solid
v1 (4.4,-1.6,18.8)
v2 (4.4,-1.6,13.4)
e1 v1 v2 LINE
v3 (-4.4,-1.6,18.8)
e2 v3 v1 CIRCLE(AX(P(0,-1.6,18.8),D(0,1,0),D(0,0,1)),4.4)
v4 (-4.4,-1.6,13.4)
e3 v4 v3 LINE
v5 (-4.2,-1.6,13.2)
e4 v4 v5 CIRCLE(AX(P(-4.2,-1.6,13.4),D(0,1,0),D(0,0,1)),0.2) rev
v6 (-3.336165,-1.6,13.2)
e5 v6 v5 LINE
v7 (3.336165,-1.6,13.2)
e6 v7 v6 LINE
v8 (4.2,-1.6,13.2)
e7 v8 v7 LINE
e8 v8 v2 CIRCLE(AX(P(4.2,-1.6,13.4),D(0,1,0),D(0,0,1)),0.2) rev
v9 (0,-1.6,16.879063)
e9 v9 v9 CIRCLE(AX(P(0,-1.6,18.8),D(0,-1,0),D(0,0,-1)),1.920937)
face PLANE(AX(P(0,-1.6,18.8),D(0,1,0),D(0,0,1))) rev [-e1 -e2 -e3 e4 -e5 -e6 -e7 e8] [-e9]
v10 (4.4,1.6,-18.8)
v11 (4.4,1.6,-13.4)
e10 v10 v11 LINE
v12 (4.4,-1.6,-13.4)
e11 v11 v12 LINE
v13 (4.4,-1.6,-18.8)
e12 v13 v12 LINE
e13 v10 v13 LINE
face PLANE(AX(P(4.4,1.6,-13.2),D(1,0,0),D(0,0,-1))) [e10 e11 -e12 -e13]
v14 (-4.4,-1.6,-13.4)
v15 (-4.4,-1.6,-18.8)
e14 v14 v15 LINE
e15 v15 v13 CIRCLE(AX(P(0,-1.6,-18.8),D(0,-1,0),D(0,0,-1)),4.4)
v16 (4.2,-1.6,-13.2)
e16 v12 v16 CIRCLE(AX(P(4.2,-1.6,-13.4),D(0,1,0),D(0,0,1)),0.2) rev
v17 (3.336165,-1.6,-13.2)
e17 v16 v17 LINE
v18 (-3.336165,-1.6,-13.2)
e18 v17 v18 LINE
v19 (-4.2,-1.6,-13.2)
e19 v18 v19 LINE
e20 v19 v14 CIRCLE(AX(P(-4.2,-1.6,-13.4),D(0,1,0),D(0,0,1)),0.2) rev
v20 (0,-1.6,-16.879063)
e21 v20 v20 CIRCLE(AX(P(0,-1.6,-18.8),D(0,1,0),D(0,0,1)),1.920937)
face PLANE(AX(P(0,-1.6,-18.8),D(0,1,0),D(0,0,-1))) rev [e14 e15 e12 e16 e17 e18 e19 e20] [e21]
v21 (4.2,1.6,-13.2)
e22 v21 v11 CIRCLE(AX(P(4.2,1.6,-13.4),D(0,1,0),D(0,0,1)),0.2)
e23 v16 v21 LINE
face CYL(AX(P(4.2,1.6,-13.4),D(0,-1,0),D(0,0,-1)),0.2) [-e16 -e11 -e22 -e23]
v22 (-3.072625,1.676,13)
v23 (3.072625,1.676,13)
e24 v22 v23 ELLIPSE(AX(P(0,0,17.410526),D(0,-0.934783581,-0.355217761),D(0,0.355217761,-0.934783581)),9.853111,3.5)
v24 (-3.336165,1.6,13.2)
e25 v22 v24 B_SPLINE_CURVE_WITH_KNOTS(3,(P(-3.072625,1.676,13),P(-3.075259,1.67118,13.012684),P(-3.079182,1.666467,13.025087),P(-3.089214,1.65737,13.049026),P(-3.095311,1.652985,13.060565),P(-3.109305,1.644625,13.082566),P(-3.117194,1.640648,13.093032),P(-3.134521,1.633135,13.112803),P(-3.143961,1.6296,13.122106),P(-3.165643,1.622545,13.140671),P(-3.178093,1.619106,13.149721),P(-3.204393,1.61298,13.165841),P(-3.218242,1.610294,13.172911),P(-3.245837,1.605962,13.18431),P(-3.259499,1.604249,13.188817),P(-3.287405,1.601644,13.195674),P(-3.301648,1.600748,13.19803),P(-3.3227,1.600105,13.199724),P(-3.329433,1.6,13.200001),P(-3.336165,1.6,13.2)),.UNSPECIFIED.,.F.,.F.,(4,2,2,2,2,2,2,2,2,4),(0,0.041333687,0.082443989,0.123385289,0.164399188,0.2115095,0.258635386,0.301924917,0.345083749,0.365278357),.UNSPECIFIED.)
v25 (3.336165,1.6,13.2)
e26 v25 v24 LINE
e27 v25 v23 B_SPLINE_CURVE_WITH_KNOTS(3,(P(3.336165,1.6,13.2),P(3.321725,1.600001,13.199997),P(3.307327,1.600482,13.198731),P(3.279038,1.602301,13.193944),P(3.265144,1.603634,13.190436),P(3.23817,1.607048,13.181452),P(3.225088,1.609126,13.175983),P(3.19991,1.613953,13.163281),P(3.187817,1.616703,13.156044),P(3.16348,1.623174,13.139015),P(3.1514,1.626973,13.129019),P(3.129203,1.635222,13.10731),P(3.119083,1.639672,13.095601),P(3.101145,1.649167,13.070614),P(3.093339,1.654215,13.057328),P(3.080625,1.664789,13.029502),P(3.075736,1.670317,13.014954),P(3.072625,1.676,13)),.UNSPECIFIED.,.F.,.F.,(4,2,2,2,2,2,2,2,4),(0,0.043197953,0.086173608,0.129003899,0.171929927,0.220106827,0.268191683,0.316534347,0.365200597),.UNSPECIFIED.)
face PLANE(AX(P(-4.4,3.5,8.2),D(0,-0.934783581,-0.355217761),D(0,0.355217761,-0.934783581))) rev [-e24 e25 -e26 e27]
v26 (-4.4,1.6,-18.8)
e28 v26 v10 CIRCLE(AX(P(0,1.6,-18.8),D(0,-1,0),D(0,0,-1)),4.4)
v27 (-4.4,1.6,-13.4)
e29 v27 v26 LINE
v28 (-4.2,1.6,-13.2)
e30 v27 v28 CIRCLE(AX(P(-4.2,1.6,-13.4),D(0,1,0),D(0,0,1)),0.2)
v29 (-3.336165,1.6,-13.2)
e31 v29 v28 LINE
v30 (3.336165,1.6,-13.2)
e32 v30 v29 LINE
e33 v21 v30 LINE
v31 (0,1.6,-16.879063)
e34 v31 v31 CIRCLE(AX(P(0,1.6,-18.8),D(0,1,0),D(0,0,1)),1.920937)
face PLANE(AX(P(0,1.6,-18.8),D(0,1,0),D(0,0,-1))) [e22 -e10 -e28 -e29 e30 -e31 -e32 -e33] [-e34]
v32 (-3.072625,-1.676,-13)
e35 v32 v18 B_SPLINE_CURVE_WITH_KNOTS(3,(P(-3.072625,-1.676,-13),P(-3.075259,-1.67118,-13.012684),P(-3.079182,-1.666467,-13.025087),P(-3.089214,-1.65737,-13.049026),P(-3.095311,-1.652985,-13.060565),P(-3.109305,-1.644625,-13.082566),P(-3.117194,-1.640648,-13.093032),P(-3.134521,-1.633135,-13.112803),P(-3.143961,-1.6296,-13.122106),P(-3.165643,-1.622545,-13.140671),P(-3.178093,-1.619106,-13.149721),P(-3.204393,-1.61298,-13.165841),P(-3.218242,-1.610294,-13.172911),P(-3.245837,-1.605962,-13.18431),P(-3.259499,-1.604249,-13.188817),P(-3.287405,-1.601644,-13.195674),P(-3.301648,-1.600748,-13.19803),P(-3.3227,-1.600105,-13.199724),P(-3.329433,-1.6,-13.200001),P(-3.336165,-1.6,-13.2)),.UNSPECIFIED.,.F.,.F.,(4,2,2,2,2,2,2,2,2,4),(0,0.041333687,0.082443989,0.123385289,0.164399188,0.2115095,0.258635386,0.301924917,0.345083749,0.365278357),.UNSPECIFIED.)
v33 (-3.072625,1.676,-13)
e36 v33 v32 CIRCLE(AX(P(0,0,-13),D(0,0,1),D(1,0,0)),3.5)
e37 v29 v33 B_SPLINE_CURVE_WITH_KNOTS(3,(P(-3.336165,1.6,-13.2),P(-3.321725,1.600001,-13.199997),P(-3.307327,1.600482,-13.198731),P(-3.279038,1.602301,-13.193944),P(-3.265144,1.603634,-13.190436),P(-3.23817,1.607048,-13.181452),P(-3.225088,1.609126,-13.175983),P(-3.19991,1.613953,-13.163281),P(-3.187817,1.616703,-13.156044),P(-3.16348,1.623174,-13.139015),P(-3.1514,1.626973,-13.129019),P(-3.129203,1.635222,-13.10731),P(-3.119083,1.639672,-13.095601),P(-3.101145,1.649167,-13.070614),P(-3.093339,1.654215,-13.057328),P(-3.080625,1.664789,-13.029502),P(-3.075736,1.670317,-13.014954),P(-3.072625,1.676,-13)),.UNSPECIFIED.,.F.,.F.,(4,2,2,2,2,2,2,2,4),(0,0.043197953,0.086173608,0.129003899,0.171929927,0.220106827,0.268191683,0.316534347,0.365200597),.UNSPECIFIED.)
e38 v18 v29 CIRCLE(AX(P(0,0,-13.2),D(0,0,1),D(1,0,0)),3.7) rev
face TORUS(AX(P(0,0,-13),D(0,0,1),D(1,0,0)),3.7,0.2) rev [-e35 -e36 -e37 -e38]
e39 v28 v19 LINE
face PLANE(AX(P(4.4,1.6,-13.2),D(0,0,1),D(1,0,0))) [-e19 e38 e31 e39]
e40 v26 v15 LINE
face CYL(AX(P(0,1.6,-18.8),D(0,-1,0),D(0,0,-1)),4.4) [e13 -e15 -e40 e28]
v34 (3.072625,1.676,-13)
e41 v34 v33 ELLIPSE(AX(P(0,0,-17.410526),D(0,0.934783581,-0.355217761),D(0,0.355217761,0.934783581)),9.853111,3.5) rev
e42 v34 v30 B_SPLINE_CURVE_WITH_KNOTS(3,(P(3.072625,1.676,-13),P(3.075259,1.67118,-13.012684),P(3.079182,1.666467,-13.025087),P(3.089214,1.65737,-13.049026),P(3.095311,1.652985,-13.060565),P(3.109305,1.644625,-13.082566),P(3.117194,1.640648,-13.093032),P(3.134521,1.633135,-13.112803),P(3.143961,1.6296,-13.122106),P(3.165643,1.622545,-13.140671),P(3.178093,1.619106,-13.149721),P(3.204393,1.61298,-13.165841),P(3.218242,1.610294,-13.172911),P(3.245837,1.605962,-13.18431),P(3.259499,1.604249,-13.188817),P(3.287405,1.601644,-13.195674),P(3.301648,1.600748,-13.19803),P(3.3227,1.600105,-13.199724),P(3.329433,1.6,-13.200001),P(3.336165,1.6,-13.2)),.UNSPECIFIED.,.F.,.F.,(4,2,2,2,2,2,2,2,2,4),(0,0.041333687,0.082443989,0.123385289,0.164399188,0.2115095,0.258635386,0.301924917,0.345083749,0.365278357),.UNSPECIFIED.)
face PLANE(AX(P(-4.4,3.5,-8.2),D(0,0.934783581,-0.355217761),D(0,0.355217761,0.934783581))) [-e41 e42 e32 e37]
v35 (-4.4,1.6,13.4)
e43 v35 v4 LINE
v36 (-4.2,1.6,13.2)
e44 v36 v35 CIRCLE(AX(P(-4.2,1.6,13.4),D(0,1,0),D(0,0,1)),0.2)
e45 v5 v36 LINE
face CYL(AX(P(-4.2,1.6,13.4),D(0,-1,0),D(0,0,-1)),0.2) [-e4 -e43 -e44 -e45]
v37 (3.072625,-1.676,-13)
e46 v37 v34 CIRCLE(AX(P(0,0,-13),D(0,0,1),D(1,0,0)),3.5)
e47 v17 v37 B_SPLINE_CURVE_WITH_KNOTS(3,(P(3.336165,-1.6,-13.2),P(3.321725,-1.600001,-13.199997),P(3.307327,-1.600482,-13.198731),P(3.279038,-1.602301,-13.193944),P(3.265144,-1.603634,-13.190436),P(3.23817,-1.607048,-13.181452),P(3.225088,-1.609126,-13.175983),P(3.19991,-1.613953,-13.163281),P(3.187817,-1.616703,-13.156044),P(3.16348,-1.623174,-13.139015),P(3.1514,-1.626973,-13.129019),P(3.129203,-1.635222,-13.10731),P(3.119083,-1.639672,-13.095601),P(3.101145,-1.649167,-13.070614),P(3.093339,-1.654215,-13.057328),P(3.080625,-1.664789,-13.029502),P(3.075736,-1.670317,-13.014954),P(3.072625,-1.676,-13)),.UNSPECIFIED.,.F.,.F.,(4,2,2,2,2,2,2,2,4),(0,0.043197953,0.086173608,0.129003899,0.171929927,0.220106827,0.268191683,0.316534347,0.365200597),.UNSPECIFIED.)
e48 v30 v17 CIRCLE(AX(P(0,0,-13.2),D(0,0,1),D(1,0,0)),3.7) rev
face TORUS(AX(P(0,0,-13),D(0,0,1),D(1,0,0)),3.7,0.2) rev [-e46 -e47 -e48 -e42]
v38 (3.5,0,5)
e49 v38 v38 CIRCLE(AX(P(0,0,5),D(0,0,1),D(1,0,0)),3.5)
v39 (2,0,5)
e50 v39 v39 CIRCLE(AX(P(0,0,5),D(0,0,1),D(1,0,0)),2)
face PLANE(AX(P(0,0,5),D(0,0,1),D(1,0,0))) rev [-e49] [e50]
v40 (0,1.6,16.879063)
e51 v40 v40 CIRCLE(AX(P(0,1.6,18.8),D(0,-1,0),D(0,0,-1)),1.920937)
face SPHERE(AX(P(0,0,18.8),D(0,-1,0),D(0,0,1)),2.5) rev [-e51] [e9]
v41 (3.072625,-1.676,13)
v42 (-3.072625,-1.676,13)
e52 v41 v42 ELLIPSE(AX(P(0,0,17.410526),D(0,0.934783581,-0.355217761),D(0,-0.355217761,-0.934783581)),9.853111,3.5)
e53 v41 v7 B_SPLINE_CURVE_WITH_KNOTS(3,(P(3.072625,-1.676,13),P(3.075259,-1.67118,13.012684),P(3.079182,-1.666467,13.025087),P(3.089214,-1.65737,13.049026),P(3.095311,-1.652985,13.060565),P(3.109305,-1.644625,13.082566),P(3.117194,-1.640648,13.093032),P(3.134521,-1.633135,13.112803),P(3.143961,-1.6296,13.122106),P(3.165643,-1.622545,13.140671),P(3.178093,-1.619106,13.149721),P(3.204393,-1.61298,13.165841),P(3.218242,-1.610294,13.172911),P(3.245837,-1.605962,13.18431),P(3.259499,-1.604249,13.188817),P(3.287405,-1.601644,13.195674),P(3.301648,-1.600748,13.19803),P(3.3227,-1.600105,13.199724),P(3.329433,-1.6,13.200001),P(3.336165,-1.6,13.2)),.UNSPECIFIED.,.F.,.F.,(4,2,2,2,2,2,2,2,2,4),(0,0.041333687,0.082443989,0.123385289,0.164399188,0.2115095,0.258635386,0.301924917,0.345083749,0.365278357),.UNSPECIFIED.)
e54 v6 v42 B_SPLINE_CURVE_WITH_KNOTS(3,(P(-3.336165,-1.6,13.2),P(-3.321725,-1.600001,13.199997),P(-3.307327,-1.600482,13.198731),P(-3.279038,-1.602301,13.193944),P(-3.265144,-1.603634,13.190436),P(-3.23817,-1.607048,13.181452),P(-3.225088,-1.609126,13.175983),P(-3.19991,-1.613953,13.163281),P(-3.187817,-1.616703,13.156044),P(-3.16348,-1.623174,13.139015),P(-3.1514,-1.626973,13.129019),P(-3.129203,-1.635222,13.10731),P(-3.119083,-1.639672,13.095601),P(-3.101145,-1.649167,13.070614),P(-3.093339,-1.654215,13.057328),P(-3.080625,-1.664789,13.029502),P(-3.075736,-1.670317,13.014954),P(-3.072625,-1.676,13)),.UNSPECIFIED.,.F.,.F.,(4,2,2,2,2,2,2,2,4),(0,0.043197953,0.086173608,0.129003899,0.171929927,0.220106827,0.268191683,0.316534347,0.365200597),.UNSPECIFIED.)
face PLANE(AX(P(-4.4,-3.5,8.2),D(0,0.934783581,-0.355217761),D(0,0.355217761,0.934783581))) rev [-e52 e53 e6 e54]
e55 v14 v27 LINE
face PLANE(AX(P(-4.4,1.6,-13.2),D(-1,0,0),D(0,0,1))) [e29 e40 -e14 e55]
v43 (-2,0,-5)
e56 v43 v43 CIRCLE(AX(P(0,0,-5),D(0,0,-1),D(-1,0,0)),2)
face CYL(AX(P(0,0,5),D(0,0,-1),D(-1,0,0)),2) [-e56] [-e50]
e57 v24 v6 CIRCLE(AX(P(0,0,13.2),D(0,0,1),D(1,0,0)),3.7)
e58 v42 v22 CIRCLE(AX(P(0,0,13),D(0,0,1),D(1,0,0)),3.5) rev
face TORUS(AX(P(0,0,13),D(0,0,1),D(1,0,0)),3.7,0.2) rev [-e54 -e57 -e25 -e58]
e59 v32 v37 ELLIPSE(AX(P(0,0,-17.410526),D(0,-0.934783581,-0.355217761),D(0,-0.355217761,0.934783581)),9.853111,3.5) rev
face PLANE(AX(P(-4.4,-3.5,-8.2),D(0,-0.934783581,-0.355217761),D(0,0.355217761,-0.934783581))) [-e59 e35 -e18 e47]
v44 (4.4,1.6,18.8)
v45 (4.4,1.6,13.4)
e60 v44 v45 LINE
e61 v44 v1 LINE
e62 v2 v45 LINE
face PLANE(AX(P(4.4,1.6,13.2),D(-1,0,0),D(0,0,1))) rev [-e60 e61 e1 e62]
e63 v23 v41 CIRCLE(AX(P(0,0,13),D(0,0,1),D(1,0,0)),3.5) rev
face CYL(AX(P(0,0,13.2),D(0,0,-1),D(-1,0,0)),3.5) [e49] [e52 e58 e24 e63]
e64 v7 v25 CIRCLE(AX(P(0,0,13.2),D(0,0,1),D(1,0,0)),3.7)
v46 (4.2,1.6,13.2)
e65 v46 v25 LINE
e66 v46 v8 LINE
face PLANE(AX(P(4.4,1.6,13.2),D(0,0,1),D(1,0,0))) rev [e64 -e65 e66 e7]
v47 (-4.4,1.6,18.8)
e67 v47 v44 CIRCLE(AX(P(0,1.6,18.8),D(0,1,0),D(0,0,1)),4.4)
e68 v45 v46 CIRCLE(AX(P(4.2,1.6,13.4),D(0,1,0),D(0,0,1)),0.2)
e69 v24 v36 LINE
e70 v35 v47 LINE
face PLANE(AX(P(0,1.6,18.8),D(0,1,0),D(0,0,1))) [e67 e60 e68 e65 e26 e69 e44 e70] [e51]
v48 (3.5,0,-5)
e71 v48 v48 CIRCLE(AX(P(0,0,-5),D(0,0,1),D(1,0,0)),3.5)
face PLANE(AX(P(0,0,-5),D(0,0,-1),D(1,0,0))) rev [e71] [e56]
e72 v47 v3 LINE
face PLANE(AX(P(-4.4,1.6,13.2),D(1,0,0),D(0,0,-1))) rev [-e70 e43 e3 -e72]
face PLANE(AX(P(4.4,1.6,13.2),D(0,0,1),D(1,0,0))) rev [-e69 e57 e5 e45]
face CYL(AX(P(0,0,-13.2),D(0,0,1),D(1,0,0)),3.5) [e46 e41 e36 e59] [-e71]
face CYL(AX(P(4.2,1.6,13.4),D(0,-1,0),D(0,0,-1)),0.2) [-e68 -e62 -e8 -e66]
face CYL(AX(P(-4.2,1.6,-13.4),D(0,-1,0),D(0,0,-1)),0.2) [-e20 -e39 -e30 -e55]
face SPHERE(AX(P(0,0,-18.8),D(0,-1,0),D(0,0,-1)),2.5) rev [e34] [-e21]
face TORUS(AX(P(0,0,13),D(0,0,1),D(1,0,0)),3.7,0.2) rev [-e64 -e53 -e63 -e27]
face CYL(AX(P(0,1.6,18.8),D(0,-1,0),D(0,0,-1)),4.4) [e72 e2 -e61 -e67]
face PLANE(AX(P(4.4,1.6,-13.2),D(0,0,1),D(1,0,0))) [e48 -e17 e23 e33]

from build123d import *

# Parameters (mm, degrees)
SKETCH1_R                  = 2
SCREW_SECTION_DEPTH        = 5
SKETCH2_R                  = 3.5
BAR_SECTION_DEPTH          = 8.2
MOUNT_SECTION_DEPTH        = 1.6
BAR_TAPER_DEPTH            = 5.4
MOUNT_FILLET_R             = 0.2
MOUNT_FILLET_OF_MIRROR_2_R = 0.2


with BuildPart() as part:
    # Sketch1 → Screw Section (new body)
    with BuildSketch(Plane.XY):
        Circle(SKETCH1_R)
    screw_section = extrude(amount=SCREW_SECTION_DEPTH)

    # Sketch2 → Bar Section (add)
    with BuildSketch(Plane.XY.offset(5)):
        Circle(SKETCH2_R)
    bar_section = extrude(amount=BAR_SECTION_DEPTH)

    # Sketch3 → Mount Section (add, symmetric)
    with BuildSketch(Plane(origin=(0, 0, 0), x_dir=(1, 0, 0), z_dir=(0, 1, 0))):
        with BuildLine():
            Line((4.4, -13.2), (-4.4, -13.2))
            Line((-4.4, -13.2), (-4.4, -18.8))
            ThreePointArc((-4.4, -18.8), (0, -23.2), (4.4, -18.8))
            Line((4.4, -18.8), (4.4, -13.2))
        make_face()
    mount_section = extrude(amount=MOUNT_SECTION_DEPTH, both=True)

    # Sketch4 → Bar Taper (cut, symmetric)
    with BuildSketch(Plane(origin=(0, 0, 0), x_dir=(0, 0, -1), z_dir=(1, 0, 0))):
        Polygon((-8.2, -3.5), (-13.2, -1.6), (-13.2, -3.5), align=None)
        Polygon((-8.2, 3.5), (-13.2, 1.6), (-13.2, 3.5), align=None)
    bar_taper = extrude(amount=BAR_TAPER_DEPTH, both=True, mode=Mode.SUBTRACT)

    # Mount Fillet
    mount_fillet_edges = [part.edges().sort_by_distance(p)[0] for p in [
        (-4.4, 0, 13.2),
        (3.401842713, -0.823083322, 13.2),
        (-3.5, 0, 13.2),
        (4.4, 0, 13.2),
    ]]
    fillet(mount_fillet_edges, radius=MOUNT_FILLET_R)

    # Sketch6 → Ball Hole (revolve, cut)
    with BuildSketch(Plane(origin=(0, 0, 0), x_dir=(0, 0, -1), z_dir=(1, 0, 0))):
        with BuildLine():
            Line((-20.720937271, -1.6), (-18.8, -1.6))
            Line((-18.8, -1.6), (-18.8, 1.6))
            Line((-18.8, 1.6), (-20.720937271, 1.6))
            ThreePointArc((-20.720937271, 1.6), (-21.3, 0), (-20.720937271, -1.6))
        make_face()
    ball_hole = revolve(axis=Axis((0, -1.6, 18.8), (0, 1, 0)), mode=Mode.SUBTRACT)

    # Mirror 2: Screw Section, Bar Section, Mount Section, Bar Taper, Ball Hole across Front Plane
    add(screw_section.mirror(Plane.XY))
    add(bar_section.mirror(Plane.XY))
    add(mount_section.mirror(Plane.XY))
    add(bar_taper.mirror(Plane.XY), mode=Mode.SUBTRACT)
    add(ball_hole.mirror(Plane.XY), mode=Mode.SUBTRACT)

    # Mount Fillet of Mirror 2
    mount_fillet_of_mirror_2_edges = [part.edges().sort_by_distance(p)[0] for p in [
        (-4.4, 0, -13.2),
        (3.401842713, -0.823083322, -13.2),
        (-3.5, 0, -13.2),
        (4.4, 0, -13.2),
    ]]
    fillet(mount_fillet_of_mirror_2_edges, radius=MOUNT_FILLET_OF_MIRROR_2_R)


solid = part.part
